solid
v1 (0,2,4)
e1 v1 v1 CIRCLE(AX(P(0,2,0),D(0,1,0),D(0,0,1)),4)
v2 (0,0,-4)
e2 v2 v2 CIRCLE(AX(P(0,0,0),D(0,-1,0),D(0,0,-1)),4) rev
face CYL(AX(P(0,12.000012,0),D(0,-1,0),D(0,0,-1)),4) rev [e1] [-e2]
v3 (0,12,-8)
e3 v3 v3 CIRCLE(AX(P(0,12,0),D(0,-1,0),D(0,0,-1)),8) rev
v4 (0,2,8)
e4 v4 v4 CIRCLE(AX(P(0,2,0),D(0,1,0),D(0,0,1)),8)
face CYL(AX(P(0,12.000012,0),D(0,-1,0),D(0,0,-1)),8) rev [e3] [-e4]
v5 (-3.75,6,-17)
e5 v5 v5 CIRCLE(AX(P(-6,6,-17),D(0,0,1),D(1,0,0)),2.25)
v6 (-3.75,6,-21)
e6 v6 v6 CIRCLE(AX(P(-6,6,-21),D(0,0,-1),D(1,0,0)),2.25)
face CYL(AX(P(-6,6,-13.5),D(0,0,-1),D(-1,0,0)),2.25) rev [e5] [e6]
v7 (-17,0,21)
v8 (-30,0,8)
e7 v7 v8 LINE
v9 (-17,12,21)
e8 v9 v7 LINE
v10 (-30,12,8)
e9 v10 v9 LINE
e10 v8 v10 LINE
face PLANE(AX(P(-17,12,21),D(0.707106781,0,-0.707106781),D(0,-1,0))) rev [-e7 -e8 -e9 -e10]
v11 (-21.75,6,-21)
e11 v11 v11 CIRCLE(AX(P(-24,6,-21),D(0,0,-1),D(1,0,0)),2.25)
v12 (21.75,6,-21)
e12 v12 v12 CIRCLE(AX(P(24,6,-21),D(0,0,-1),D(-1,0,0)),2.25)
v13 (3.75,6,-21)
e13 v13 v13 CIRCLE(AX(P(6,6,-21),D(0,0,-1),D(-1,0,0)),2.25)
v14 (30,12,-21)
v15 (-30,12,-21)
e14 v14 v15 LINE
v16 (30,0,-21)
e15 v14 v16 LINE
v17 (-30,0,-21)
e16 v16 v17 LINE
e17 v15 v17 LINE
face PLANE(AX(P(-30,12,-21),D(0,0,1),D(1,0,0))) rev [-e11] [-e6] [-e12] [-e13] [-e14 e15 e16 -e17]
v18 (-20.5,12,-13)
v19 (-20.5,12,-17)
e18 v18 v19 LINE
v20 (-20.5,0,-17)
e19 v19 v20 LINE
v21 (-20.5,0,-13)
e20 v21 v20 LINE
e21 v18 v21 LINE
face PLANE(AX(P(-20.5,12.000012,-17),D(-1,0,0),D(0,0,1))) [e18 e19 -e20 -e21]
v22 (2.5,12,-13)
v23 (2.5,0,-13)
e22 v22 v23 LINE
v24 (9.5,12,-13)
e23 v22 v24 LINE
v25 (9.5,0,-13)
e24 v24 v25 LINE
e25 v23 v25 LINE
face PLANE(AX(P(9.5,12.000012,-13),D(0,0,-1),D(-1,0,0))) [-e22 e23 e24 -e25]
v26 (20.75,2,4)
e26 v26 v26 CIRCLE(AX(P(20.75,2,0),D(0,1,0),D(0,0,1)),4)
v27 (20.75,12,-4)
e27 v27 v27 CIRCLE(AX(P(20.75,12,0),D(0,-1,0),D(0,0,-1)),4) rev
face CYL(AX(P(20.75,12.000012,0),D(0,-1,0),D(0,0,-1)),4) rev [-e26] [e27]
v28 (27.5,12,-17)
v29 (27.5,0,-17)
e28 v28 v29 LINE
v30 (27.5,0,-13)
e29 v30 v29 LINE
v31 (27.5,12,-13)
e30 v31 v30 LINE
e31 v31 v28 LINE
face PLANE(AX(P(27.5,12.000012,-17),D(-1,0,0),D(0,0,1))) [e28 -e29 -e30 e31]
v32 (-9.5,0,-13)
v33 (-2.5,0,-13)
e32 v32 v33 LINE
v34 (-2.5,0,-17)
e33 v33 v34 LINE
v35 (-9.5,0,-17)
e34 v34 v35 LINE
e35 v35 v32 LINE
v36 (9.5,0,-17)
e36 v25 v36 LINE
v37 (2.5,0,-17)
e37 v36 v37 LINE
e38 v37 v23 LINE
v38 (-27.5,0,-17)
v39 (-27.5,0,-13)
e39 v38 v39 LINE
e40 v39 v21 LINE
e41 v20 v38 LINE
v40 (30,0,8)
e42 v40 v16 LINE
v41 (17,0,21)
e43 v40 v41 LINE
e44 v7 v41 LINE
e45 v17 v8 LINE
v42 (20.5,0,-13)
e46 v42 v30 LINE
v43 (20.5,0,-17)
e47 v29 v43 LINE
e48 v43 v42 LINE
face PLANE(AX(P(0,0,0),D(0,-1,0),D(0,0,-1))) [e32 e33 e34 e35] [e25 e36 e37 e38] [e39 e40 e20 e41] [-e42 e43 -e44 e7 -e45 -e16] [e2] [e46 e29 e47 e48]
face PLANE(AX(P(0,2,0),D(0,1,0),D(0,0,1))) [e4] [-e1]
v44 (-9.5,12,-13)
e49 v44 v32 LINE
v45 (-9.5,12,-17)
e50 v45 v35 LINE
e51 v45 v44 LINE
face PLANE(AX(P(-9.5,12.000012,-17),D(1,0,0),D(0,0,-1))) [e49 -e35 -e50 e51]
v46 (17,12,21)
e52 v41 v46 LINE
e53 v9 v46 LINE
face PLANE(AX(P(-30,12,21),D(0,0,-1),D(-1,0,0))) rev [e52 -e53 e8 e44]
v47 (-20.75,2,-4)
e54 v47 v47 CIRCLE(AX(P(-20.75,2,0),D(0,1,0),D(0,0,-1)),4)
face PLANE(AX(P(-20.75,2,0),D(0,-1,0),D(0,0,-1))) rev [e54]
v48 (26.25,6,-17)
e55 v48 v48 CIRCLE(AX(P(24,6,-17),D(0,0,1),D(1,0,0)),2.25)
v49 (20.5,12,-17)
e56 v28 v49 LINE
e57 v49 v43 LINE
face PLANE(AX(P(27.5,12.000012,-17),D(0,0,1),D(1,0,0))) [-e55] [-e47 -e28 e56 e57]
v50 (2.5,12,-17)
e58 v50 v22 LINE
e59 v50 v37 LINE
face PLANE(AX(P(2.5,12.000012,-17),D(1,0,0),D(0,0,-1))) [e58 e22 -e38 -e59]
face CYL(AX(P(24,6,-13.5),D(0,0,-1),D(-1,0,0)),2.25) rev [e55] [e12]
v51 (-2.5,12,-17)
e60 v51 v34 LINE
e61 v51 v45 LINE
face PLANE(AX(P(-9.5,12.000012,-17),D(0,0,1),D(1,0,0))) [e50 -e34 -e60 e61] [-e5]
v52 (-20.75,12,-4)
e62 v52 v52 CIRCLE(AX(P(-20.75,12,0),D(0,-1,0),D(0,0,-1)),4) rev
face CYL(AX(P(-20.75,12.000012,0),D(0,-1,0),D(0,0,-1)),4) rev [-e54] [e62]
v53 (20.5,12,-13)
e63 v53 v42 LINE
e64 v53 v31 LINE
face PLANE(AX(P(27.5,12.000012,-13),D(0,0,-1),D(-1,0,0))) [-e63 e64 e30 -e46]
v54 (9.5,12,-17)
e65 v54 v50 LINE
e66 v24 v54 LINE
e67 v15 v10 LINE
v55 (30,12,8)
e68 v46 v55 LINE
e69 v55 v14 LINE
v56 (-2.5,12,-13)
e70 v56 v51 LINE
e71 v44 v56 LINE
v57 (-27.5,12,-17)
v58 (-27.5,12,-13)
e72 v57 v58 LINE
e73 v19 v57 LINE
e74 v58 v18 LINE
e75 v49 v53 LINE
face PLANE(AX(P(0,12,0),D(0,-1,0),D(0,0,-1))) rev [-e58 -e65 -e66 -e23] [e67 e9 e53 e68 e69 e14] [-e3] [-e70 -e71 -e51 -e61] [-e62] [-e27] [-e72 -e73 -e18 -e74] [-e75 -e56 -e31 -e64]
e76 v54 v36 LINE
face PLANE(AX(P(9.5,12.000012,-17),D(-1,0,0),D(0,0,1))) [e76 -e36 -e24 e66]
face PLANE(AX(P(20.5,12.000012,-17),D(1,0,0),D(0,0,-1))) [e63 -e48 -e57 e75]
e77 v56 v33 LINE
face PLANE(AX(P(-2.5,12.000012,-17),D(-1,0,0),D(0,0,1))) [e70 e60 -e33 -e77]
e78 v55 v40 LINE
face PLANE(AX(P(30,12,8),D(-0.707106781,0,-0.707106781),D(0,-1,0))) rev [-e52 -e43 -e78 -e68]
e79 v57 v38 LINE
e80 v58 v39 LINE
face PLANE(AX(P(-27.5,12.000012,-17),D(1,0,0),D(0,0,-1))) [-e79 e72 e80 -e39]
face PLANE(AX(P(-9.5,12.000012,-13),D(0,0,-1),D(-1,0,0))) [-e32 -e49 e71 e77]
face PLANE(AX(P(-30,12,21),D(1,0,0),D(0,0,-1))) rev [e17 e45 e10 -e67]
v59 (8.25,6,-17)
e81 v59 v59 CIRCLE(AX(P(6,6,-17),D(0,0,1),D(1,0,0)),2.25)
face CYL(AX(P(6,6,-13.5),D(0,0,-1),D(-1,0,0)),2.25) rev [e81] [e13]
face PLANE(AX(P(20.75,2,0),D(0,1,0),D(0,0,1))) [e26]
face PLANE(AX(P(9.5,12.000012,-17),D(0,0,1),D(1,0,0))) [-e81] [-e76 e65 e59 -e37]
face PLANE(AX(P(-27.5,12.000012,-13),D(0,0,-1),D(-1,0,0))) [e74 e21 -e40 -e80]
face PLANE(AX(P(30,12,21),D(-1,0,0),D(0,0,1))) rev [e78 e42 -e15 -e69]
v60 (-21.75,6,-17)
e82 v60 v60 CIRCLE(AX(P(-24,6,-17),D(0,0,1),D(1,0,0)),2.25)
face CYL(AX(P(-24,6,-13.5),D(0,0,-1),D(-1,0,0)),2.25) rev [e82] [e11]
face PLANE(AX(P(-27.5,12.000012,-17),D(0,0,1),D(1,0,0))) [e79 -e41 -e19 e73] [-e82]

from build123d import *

# Parameters (mm, degrees)
SKETCH1_W                      = 60
SKETCH1_H                      = 42
BOSS_EXTRUDE1_DEPTH            = 12
CUT_EXTRUDE1_REACH             = 14
SKETCH2_R                      = 4
CUT_EXTRUDE1_DIRECTION_2_DEPTH = 1
SKETCH3_R                      = 8
SKETCH3_R_2                    = 4
CUT_EXTRUDE2_DEPTH             = 1
CUT_EXTRUDE2_DEPTH_BACK        = 10
CHAMFER1_SIZE                  = 13
CUT_EXTRUDE4_REACH             = 14
SKETCH5_W                      = 7
SKETCH5_H                      = 4
CUT_EXTRUDE4_DIRECTION_2_DEPTH = 1
SKETCH4_R                      = 2.25
CUT_EXTRUDE3_DEPTH             = 7.5


with BuildPart() as part:
    # Sketch1 → Boss-Extrude1 (new body)
    with BuildSketch(Plane(origin=(0, 0, 0), x_dir=(1, 0, 0), z_dir=(0, 1, 0))):
        Rectangle(SKETCH1_W, SKETCH1_H)
    extrude(amount=BOSS_EXTRUDE1_DEPTH)

    # Sketch2 → Cut-Extrude1 (cut, up to next)
    with BuildSketch(Plane(origin=(0, 12, 0), x_dir=(1, 0, 0), z_dir=(0, 1, 0)), mode=Mode.PRIVATE) as cut_extrude1_sk1:
        Circle(SKETCH2_R)
    cut_extrude1_tool1 = extrude(cut_extrude1_sk1.sketch, amount=-CUT_EXTRUDE1_REACH, mode=Mode.PRIVATE) & part.part
    add(cut_extrude1_tool1.solids().sort_by_distance((0, 12, 0))[0], mode=Mode.SUBTRACT)

    # Sketch2 → Cut-Extrude1 direction 2 (cut)
    with BuildSketch(Plane(origin=(0, 12, 0), x_dir=(1, 0, 0), z_dir=(0, 1, 0))):
        Circle(SKETCH2_R)
    extrude(amount=CUT_EXTRUDE1_DIRECTION_2_DEPTH, mode=Mode.SUBTRACT)

    # Sketch3 → Cut-Extrude2 (cut, two sides)
    with BuildSketch(Plane(origin=(0, 12, 0), x_dir=(1, 0, 0), z_dir=(0, 1, 0))) as cut_extrude2_sk:
        Circle(SKETCH3_R)
        with Locations((20.75, 0)):
            Circle(SKETCH3_R_2)
        with Locations((-20.75, 0)):
            Circle(SKETCH3_R_2)
    extrude(amount=CUT_EXTRUDE2_DEPTH, mode=Mode.SUBTRACT)
    extrude(cut_extrude2_sk.sketch, amount=-CUT_EXTRUDE2_DEPTH_BACK, mode=Mode.SUBTRACT)

    # Chamfer1
    chamfer1_edges = [part.edges().sort_by_distance(p)[0] for p in [
        (30, 6, 21),
        (-30, 6, 21),
    ]]
    chamfer(chamfer1_edges, length=CHAMFER1_SIZE)

    # Sketch5 → Cut-Extrude4 (cut, up to next)
    with BuildSketch(Plane(origin=(0, 12, 0), x_dir=(1, 0, 0), z_dir=(0, 1, 0)), mode=Mode.PRIVATE) as cut_extrude4_sk1:
        with Locations((24, 15)):
            Rectangle(SKETCH5_W, SKETCH5_H)
    cut_extrude4_tool1 = extrude(cut_extrude4_sk1.sketch, amount=-CUT_EXTRUDE4_REACH, mode=Mode.PRIVATE) & part.part
    add(cut_extrude4_tool1.solids().sort_by_distance((24, 12, -15))[0], mode=Mode.SUBTRACT)
    # Sketch5 → Cut-Extrude4 (cut, up to next)
    with BuildSketch(Plane(origin=(0, 12, 0), x_dir=(1, 0, 0), z_dir=(0, 1, 0)), mode=Mode.PRIVATE) as cut_extrude4_sk2:
        with Locations((6, 15)):
            Rectangle(SKETCH5_W, SKETCH5_H)
    cut_extrude4_tool2 = extrude(cut_extrude4_sk2.sketch, amount=-CUT_EXTRUDE4_REACH, mode=Mode.PRIVATE) & part.part
    add(cut_extrude4_tool2.solids().sort_by_distance((6, 12, -15))[0], mode=Mode.SUBTRACT)
    # Sketch5 → Cut-Extrude4 (cut, up to next)
    with BuildSketch(Plane(origin=(0, 12, 0), x_dir=(1, 0, 0), z_dir=(0, 1, 0)), mode=Mode.PRIVATE) as cut_extrude4_sk3:
        with Locations((-6, 15)):
            Rectangle(SKETCH5_W, SKETCH5_H)
    cut_extrude4_tool3 = extrude(cut_extrude4_sk3.sketch, amount=-CUT_EXTRUDE4_REACH, mode=Mode.PRIVATE) & part.part
    add(cut_extrude4_tool3.solids().sort_by_distance((-6, 12, -15))[0], mode=Mode.SUBTRACT)
    # Sketch5 → Cut-Extrude4 (cut, up to next)
    with BuildSketch(Plane(origin=(0, 12, 0), x_dir=(1, 0, 0), z_dir=(0, 1, 0)), mode=Mode.PRIVATE) as cut_extrude4_sk4:
        with Locations((-24, 15)):
            Rectangle(SKETCH5_W, SKETCH5_H)
    cut_extrude4_tool4 = extrude(cut_extrude4_sk4.sketch, amount=-CUT_EXTRUDE4_REACH, mode=Mode.PRIVATE) & part.part
    add(cut_extrude4_tool4.solids().sort_by_distance((-24, 12, -15))[0], mode=Mode.SUBTRACT)

    # Sketch5 → Cut-Extrude4 direction 2 (cut)
    with BuildSketch(Plane(origin=(0, 12, 0), x_dir=(1, 0, 0), z_dir=(0, 1, 0))):
        with Locations((24, 15)):
            Rectangle(SKETCH5_W, SKETCH5_H)
        with Locations((6, 15)):
            Rectangle(SKETCH5_W, SKETCH5_H)
        with Locations((-6, 15)):
            Rectangle(SKETCH5_W, SKETCH5_H)
        with Locations((-24, 15)):
            Rectangle(SKETCH5_W, SKETCH5_H)
    extrude(amount=CUT_EXTRUDE4_DIRECTION_2_DEPTH, mode=Mode.SUBTRACT)

    # Sketch4 → Cut-Extrude3 (cut)
    with BuildSketch(Plane(origin=(0, 0, -21), x_dir=(-1, 0, 0), z_dir=(0, 0, -1))):
        with Locations((-24, 6)):
            Circle(SKETCH4_R)
        with Locations((-6, 6)):
            Circle(SKETCH4_R)
        with Locations((6, 6)):
            Circle(SKETCH4_R)
        with Locations((24, 6)):
            Circle(SKETCH4_R)
    extrude(amount=-CUT_EXTRUDE3_DEPTH, mode=Mode.SUBTRACT)


solid = part.part
